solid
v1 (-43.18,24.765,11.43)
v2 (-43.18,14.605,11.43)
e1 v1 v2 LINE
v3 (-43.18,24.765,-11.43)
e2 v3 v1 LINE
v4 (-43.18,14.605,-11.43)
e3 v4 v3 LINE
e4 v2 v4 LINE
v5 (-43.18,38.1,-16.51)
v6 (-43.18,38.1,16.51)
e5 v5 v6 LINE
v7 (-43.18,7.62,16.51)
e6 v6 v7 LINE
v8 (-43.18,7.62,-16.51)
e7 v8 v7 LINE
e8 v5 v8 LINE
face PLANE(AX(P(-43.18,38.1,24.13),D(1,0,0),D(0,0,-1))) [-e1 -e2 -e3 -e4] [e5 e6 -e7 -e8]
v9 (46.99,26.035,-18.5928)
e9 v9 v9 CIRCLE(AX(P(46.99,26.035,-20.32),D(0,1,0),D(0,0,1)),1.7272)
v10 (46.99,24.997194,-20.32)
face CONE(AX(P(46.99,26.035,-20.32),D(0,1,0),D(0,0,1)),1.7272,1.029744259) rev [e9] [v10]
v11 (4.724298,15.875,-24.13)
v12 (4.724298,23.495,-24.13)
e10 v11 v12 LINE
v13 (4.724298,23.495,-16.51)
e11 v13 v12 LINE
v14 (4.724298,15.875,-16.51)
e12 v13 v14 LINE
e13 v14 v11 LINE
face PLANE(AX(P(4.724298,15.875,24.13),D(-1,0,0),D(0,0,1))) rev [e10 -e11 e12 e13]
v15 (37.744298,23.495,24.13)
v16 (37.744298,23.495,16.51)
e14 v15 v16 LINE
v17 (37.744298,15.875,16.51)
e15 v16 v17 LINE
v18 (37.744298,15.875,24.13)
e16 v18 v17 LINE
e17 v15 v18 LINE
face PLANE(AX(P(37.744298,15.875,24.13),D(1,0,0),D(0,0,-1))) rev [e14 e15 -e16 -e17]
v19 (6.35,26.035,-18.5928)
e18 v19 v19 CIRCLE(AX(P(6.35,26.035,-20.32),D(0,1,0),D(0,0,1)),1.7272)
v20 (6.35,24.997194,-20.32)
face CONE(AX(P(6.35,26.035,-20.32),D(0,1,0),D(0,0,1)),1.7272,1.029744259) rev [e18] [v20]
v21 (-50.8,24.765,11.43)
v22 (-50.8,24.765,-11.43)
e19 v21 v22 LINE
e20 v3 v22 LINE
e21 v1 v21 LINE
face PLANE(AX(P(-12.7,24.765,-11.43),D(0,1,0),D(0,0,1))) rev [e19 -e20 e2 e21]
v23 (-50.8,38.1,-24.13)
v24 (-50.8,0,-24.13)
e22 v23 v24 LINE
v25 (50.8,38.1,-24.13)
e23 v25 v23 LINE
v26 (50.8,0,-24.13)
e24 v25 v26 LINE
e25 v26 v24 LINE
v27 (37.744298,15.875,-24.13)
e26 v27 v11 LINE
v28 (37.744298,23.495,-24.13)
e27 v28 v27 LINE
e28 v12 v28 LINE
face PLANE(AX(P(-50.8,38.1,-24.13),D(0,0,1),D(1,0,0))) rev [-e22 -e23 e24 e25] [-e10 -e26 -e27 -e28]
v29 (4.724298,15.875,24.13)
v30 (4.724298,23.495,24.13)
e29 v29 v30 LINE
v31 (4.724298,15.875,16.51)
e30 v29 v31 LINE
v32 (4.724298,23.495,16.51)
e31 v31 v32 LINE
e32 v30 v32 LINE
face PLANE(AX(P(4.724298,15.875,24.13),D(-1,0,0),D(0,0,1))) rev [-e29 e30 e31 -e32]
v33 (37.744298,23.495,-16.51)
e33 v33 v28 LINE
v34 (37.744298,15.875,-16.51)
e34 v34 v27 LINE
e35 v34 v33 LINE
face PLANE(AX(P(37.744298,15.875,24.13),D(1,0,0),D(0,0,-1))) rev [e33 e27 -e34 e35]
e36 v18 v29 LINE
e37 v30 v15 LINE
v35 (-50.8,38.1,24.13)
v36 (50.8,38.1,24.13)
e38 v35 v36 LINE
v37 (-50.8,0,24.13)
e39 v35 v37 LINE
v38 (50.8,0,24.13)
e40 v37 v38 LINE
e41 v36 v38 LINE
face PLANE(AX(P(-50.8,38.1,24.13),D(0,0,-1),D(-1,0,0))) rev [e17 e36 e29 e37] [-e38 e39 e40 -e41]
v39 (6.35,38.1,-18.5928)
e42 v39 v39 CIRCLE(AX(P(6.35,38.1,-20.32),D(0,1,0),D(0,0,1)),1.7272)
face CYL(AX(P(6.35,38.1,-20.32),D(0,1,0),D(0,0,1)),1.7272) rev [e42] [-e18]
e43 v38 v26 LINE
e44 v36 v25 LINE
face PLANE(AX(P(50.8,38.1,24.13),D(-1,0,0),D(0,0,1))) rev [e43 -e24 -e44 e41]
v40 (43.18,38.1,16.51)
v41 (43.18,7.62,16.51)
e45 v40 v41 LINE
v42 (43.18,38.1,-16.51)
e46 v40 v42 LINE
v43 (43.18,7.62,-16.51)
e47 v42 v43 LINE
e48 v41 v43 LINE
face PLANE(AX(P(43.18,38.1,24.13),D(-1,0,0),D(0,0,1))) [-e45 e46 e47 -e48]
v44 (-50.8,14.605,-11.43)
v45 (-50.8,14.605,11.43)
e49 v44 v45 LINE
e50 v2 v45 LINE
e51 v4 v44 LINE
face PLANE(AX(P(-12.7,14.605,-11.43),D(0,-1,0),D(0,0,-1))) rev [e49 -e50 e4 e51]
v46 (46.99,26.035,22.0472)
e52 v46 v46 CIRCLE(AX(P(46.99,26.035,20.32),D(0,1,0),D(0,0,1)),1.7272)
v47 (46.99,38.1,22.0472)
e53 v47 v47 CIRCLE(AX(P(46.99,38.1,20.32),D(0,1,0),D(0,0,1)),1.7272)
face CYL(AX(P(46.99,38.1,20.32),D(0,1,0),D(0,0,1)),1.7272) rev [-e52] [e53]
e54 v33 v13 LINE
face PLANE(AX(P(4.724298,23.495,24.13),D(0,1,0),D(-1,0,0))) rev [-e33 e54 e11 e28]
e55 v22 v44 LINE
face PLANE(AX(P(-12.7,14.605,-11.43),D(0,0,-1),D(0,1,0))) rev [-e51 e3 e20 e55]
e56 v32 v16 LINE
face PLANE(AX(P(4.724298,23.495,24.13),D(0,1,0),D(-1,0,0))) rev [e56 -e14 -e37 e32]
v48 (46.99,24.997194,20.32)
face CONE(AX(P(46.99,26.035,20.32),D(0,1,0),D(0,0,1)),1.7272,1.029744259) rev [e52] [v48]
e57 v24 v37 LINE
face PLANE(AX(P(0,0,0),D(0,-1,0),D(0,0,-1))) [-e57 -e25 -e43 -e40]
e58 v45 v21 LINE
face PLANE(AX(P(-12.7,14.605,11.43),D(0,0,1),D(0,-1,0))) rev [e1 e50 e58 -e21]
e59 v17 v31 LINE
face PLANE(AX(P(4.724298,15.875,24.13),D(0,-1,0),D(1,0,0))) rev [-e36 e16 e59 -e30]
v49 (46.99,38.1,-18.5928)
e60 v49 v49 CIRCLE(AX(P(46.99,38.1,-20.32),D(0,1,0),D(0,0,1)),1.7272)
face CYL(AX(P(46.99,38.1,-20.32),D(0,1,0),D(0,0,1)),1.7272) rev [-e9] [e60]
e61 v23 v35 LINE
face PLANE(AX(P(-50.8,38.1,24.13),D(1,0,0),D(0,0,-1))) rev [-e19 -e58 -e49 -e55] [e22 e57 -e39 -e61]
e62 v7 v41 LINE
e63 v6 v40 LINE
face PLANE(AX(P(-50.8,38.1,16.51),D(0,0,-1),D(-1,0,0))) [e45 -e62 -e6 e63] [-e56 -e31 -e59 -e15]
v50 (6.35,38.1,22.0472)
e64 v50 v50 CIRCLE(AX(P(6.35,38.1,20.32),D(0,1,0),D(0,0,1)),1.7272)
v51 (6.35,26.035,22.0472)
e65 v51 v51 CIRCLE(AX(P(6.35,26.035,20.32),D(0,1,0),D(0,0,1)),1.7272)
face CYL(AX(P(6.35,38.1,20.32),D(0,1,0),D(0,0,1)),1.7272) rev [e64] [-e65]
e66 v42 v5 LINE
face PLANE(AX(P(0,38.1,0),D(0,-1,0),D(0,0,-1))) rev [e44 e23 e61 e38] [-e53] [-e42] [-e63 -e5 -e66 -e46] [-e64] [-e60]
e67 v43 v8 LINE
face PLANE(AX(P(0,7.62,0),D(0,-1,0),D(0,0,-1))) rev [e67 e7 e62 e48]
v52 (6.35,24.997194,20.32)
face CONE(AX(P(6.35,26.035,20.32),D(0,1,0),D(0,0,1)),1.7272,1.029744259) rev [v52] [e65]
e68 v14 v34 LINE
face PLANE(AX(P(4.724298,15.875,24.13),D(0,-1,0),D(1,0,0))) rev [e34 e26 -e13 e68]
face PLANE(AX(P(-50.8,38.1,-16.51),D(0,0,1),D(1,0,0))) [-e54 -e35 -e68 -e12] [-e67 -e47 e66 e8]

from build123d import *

# Parameters (mm, degrees)
SKETCH1_W                 = 101.6
SKETCH1_H                 = 48.26
BOSS_EXTRUDE1_DEPTH       = 38.1
SHELL1_T                  = -7.62
SKETCH4_W                 = 22.86
SKETCH4_H                 = 10.16
CUT_EXTRUDE1_DEPTH        = 38.1
SKETCH5_W                 = 33.02
SKETCH5_H                 = 7.62
CUT_EXTRUDE2_DEPTH        = 80.757617818
F_8_32_TAPPED_HOLE1_D     = 3.4544
F_8_32_TAPPED_HOLE1_DEPTH = 12.065
F_8_32_TAPPED_HOLE1_TIP   = 1.037806461


with BuildPart() as part:
    # Sketch1 → Boss-Extrude1 (new body)
    with BuildSketch(Plane(origin=(0, 0, 0), x_dir=(1, 0, 0), z_dir=(0, 1, 0))):
        Rectangle(SKETCH1_W, SKETCH1_H)
    extrude(amount=BOSS_EXTRUDE1_DEPTH)

    # Shell1
    shell1_openings = [part.faces().sort_by_distance(p)[0] for p in [
        (0, 38.1, 0),
    ]]
    offset(amount=SHELL1_T, openings=shell1_openings, kind=Kind.INTERSECTION)

    # Sketch4 → Cut-Extrude1 (cut)
    with BuildSketch(Plane.ZY.offset(50.8)):
        with Locations((0, 19.685)):
            Rectangle(SKETCH4_W, SKETCH4_H)
    extrude(amount=-CUT_EXTRUDE1_DEPTH, mode=Mode.SUBTRACT)

    # Sketch5 → Cut-Extrude2 (cut, through all)
    with BuildSketch(Plane(origin=(0, 0, -24.13), x_dir=(-1, 0, 0), z_dir=(0, 0, -1))):
        with Locations((-21.234297506, 19.685)):
            Rectangle(SKETCH5_W, SKETCH5_H)
    extrude(amount=-CUT_EXTRUDE2_DEPTH, mode=Mode.SUBTRACT)

    # #8-32 Tapped Hole1
    with Locations(Plane(origin=(0, 38.1, 0), x_dir=(1, 0, 0), z_dir=(0, 1, 0))):
        with Locations((46.99, -20.32), (26.67, 0), (46.99, 20.32), (6.35, -20.32), (6.35, 20.32)):
            Hole(F_8_32_TAPPED_HOLE1_D / 2, depth=F_8_32_TAPPED_HOLE1_DEPTH)
            with Locations((0, 0, -(F_8_32_TAPPED_HOLE1_DEPTH + F_8_32_TAPPED_HOLE1_TIP / 2))):  # 118° drill point
                Cone(0, F_8_32_TAPPED_HOLE1_D / 2, F_8_32_TAPPED_HOLE1_TIP, mode=Mode.SUBTRACT)


solid = part.part
